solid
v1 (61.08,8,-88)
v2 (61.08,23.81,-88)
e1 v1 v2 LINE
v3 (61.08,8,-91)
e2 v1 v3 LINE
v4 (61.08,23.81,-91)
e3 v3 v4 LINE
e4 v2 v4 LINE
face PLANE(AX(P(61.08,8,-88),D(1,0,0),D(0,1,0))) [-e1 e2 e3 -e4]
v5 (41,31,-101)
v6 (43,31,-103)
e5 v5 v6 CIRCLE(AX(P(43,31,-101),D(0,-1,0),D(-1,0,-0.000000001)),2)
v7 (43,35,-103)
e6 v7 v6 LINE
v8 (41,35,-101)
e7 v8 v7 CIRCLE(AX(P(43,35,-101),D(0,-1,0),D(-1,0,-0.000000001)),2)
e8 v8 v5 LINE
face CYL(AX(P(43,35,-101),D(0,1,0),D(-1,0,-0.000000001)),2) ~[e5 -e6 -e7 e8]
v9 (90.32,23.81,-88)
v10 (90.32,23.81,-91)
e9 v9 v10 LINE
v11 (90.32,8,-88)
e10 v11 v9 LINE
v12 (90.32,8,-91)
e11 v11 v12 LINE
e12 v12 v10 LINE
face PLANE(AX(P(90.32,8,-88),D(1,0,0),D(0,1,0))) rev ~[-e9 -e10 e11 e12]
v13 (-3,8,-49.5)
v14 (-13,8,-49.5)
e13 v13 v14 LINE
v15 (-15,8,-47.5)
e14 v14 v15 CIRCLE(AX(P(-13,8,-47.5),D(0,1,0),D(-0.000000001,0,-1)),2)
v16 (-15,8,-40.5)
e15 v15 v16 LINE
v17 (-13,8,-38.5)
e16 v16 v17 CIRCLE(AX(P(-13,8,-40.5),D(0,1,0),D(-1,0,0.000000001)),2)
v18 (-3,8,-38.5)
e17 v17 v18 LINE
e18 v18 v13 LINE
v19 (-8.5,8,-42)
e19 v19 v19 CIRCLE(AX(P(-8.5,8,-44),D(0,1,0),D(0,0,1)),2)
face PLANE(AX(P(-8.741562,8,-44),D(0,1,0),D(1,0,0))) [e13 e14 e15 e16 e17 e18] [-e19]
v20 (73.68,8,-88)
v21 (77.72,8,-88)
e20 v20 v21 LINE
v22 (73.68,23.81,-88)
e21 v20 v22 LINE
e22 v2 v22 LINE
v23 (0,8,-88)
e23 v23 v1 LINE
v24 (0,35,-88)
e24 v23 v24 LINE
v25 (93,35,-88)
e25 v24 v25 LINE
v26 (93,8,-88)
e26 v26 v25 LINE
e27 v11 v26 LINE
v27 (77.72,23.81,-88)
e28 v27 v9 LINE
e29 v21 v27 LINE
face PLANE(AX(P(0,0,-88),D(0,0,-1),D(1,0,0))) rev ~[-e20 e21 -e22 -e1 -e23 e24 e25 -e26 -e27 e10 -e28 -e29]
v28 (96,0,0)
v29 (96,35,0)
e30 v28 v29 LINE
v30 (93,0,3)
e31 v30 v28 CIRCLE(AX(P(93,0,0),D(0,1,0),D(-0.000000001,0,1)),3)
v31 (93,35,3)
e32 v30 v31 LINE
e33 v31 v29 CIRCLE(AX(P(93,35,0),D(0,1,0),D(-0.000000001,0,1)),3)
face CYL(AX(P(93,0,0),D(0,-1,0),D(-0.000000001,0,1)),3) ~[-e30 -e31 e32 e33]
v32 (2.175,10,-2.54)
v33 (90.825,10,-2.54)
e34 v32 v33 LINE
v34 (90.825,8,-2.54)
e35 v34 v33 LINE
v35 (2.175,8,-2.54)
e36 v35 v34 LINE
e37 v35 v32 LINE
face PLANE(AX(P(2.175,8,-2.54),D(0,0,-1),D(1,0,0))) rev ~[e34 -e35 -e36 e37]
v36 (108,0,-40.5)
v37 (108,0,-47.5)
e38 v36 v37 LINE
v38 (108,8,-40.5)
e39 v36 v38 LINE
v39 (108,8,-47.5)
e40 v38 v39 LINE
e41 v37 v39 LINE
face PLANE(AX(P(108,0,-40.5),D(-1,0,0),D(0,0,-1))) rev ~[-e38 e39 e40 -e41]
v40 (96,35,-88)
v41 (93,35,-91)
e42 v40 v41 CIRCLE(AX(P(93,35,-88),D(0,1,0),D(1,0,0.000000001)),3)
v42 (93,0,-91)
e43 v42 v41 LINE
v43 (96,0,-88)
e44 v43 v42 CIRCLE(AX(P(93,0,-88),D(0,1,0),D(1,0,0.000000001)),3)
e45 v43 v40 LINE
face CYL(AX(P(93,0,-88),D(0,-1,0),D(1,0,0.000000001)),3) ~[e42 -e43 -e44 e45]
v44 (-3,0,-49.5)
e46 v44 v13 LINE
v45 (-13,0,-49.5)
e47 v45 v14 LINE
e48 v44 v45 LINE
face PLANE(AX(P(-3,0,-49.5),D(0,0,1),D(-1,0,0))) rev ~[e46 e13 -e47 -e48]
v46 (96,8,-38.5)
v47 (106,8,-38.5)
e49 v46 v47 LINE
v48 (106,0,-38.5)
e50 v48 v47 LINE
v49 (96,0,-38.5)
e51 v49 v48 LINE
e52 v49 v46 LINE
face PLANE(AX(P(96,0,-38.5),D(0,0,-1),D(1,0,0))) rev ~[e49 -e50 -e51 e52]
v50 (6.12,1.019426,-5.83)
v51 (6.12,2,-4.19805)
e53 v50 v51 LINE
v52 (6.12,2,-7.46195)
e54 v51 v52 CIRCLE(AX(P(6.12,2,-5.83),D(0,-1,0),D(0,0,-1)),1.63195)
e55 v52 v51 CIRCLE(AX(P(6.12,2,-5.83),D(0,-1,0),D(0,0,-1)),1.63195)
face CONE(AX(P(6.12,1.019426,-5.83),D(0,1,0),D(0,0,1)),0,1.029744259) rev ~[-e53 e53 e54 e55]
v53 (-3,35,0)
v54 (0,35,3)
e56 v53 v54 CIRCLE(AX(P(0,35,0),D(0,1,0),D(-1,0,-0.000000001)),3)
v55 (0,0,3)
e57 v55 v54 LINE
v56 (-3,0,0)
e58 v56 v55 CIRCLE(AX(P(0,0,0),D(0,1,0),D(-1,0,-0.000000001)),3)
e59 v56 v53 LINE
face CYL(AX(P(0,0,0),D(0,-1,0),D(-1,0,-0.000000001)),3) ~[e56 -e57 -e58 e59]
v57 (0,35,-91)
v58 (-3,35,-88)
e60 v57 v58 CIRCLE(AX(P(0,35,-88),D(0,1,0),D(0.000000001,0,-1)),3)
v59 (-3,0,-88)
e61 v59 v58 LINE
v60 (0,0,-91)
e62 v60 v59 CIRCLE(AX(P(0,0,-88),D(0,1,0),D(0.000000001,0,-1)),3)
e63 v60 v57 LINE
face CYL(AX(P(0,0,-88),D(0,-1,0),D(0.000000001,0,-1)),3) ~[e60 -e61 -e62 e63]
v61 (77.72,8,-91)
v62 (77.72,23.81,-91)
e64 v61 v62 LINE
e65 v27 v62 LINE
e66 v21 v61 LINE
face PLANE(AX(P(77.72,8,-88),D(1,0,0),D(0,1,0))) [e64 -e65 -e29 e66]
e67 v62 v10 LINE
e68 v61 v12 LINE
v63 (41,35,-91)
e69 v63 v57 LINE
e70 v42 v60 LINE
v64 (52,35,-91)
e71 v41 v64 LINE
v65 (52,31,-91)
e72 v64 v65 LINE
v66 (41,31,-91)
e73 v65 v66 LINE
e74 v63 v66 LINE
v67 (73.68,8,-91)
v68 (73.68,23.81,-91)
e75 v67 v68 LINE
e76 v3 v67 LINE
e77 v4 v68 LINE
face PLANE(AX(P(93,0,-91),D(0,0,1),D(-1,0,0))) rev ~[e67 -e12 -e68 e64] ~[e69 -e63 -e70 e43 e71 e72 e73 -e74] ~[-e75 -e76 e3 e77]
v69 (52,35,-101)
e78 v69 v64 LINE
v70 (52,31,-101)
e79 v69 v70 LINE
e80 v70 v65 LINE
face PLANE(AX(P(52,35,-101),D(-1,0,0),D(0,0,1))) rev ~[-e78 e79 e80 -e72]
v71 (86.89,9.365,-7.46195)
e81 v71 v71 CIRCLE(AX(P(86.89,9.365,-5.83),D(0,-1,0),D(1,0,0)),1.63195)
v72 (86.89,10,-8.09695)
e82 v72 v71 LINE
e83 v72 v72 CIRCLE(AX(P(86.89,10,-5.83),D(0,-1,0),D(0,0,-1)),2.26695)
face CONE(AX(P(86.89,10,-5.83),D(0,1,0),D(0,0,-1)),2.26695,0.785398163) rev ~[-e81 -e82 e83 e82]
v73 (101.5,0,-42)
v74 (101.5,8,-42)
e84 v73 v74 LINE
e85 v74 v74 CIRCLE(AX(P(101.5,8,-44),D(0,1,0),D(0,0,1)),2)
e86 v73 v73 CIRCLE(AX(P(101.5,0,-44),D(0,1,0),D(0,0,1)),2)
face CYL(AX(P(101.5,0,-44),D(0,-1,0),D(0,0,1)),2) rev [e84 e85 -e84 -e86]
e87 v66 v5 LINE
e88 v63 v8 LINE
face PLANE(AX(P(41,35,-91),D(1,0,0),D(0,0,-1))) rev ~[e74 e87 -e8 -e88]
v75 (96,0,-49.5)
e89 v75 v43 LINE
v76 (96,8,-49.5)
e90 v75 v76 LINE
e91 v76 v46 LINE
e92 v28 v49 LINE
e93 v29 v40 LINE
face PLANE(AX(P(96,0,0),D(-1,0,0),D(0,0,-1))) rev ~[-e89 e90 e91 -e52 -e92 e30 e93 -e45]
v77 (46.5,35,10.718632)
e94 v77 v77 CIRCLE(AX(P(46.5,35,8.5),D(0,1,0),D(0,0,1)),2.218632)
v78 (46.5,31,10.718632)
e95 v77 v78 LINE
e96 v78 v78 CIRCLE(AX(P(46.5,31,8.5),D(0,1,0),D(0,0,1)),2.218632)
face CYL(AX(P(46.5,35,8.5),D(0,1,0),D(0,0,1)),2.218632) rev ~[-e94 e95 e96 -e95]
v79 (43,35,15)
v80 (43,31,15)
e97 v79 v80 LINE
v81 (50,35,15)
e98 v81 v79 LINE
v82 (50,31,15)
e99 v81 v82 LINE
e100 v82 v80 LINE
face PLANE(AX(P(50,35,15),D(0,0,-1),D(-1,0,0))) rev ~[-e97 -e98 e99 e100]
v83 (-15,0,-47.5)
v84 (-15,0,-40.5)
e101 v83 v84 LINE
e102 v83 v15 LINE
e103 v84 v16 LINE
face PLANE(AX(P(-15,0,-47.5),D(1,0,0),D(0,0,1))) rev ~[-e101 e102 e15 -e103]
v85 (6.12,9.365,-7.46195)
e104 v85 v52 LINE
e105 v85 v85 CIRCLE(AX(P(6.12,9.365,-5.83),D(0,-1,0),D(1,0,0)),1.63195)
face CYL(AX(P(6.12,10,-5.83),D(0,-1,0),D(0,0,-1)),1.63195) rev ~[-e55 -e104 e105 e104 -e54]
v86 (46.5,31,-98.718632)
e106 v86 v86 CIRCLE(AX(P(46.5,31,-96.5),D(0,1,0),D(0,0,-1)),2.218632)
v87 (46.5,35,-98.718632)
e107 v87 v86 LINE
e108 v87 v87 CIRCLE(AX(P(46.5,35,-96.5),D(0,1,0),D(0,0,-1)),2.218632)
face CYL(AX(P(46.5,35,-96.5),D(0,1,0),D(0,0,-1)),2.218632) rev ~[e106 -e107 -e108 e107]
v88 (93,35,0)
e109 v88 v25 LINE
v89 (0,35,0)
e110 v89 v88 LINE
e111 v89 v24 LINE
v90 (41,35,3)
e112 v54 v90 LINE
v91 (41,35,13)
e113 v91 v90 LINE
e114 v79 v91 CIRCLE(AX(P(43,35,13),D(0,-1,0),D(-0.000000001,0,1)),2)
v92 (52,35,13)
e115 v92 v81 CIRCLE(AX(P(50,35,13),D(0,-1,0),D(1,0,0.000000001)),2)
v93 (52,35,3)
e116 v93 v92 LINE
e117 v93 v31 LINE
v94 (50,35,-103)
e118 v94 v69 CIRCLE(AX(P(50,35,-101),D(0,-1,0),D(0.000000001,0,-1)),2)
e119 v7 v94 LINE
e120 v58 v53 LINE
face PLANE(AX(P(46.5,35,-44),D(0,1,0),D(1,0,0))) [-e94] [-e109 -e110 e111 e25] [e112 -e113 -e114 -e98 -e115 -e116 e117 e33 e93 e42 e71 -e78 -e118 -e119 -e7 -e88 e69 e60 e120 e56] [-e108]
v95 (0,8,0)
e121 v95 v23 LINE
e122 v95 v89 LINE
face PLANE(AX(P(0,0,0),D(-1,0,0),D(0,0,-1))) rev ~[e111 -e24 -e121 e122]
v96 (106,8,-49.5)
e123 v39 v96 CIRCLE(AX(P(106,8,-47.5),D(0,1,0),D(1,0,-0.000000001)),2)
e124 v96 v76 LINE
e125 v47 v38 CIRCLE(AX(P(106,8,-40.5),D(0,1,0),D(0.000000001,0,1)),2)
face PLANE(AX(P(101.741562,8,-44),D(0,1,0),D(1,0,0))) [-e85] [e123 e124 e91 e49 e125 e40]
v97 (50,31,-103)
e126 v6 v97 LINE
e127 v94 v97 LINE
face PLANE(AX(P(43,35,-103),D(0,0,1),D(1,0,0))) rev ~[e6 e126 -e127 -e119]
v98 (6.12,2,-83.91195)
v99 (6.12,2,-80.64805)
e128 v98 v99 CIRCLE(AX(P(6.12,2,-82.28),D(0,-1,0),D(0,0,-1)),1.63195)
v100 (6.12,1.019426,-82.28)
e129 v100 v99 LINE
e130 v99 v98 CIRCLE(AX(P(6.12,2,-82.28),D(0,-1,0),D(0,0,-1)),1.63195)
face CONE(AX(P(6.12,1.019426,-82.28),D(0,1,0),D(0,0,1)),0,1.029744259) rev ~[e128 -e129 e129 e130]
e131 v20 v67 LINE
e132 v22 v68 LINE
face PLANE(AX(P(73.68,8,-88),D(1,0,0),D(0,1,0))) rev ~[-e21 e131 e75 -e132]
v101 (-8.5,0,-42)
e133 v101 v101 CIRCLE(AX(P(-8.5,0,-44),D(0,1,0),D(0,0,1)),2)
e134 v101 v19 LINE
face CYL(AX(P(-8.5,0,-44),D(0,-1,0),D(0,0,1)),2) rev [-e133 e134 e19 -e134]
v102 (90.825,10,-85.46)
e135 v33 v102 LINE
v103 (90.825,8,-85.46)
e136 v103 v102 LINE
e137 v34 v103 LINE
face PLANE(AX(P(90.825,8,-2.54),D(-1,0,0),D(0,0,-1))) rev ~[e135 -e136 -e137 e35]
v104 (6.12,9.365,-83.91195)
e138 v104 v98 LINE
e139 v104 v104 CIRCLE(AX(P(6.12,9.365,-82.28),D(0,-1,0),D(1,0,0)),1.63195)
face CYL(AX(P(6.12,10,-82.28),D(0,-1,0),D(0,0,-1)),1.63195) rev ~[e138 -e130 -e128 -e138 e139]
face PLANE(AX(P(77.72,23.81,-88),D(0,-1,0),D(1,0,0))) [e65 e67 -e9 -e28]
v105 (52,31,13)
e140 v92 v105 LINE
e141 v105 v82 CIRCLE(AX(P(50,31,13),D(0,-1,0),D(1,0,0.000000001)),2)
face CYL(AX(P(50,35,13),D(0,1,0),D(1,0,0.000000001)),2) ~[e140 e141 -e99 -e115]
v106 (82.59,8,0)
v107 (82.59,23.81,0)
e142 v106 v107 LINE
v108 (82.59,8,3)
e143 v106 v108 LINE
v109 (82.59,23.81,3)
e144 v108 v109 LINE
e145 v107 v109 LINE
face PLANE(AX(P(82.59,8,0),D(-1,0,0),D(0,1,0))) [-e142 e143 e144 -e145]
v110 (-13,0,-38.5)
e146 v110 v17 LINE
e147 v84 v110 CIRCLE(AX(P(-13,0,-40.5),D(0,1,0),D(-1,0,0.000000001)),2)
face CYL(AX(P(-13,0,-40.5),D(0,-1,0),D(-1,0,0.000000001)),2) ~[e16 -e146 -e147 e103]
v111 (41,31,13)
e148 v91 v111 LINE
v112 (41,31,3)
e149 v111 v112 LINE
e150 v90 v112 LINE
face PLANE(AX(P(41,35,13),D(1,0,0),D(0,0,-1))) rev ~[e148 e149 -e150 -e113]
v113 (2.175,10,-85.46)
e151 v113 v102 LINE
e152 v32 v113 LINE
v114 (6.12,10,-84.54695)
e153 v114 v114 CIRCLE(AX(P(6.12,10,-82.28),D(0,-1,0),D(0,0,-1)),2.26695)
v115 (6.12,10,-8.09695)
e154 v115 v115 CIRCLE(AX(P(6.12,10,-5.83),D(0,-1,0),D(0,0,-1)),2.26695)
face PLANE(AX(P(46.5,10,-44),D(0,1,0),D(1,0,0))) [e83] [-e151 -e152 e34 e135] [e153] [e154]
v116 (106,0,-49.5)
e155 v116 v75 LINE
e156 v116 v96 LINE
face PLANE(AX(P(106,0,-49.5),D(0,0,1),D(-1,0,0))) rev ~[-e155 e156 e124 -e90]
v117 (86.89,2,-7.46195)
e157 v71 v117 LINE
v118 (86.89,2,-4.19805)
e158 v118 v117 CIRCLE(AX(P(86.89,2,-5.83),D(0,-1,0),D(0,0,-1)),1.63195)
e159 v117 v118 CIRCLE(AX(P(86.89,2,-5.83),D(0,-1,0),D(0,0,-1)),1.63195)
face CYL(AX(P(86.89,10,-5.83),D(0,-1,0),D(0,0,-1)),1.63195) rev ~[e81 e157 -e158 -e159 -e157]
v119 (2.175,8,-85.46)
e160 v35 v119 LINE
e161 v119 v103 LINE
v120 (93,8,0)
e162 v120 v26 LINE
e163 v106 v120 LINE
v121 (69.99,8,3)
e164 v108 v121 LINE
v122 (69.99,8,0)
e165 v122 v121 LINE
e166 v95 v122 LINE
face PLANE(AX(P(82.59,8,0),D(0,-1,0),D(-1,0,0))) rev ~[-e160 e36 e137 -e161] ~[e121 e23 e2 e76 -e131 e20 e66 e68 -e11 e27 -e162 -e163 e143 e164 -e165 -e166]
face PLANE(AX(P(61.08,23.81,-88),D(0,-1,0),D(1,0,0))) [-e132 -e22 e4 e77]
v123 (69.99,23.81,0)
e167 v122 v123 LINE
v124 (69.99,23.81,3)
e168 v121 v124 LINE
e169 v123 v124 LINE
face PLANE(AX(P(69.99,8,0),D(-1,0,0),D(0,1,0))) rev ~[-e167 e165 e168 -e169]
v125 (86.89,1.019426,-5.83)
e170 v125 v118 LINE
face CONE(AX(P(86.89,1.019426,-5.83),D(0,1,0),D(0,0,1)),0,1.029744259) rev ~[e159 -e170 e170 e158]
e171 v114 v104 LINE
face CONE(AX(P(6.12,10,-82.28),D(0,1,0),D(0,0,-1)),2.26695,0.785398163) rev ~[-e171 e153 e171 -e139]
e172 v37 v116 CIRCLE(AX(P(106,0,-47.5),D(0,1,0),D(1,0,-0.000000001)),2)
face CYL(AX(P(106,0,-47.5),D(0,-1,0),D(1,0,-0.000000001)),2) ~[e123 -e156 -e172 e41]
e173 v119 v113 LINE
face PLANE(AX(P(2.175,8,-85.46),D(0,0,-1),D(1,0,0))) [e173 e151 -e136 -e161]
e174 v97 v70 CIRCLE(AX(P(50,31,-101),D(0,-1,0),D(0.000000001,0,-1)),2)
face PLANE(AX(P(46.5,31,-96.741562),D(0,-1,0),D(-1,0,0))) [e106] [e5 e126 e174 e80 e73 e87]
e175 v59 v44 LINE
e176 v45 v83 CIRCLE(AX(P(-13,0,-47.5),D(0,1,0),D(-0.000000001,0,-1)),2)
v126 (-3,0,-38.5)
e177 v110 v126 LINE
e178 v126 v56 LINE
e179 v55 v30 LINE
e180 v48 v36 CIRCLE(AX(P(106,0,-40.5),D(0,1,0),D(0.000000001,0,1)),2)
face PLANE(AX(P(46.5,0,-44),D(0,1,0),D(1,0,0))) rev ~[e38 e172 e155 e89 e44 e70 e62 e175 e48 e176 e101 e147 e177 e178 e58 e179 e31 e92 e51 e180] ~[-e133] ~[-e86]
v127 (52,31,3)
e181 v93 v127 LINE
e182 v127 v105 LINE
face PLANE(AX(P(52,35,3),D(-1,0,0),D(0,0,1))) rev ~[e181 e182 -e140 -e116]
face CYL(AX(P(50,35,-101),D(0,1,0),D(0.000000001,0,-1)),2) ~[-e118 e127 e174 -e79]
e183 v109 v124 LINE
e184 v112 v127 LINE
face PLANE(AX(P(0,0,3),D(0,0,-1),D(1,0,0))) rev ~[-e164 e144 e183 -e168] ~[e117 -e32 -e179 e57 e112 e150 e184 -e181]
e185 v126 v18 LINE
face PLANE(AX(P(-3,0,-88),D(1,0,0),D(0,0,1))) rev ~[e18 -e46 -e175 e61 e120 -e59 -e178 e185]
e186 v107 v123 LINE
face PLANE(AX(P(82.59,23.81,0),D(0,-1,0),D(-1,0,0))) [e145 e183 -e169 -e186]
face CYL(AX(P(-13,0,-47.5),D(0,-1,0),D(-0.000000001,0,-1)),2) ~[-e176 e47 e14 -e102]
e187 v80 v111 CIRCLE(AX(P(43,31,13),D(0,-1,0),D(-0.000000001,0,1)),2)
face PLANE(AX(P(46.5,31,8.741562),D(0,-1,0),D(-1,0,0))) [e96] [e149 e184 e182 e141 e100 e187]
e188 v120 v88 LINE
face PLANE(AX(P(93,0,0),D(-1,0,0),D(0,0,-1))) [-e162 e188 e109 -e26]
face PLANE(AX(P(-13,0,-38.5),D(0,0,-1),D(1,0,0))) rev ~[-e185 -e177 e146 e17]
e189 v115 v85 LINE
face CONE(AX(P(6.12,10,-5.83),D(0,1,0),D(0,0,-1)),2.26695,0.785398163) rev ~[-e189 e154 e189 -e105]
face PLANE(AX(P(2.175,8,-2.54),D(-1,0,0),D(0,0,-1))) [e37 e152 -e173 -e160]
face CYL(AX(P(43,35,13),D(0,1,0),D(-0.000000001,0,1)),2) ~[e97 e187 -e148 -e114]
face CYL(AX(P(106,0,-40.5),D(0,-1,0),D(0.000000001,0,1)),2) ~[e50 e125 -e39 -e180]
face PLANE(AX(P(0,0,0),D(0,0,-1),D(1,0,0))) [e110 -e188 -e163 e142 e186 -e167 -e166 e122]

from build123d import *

# Parameters (mm, degrees)
ESBO_O1_W                        = 93
ESBO_O1_H                        = 88
RESSALTO_EXTRUS_O2_DEPTH         = 35
ESBO_O1_5_W                      = 93
ESBO_O1_5_H                      = 88
RESSALTO_EXTRUS_O3_DEPTH         = 8
ESBO_O1_7_R                      = 2
RESSALTO_EXTRUS_O6_DEPTH         = 8
ESBO_O4_R                        = 2.218632056
RESSALTO_EXTRUS_O7_DEPTH         = 4
ESBO_O5_W                        = 88.65
ESBO_O5_H                        = 82.92
RESSALTO_EXTRUS_O8_DEPTH         = 2
ESBO_O7_W                        = 12.6
ESBO_O7_H                        = 15.81
CORTE_EXTRUS_O1_DEPTH            = 154.290573748
ESBO_O8_W                        = 12.6
ESBO_O8_H                        = 15.81
CORTE_EXTRUS_O2_DEPTH            = 154.290573748
FURO_COM_FOLGA_DE_41_D           = 3.2639
FURO_COM_FOLGA_DE_41_DEPTH       = 8
FURO_COM_FOLGA_DE_41_CSINK_D     = 4.5339
FURO_COM_FOLGA_DE_41_CSINK_ANGLE = 90
FURO_COM_FOLGA_DE_41_TIP         = 0.980574487


with BuildPart() as part:
    # Esboço1 → Ressalto-extrusão2 (new body)
    with BuildSketch(Plane(origin=(0, 0, 0), x_dir=(1, 0, 0), z_dir=(0, 1, 0))):
        with BuildLine():
            ThreePointArc((-3, 0), (-2.121320344, -2.121320344), (0, -3))
            Line((0, -3), (93, -3))
            ThreePointArc((93, -3), (95.121320344, -2.121320344), (96, 0))
            Line((96, 0), (96, 38.5))
            Line((96, 38.5), (96, 49.5))
            Line((96, 49.5), (96, 88))
            ThreePointArc((96, 88), (95.121320344, 90.121320344), (93, 91))
            Line((93, 91), (0, 91))
            ThreePointArc((0, 91), (-2.121320344, 90.121320344), (-3, 88))
            Line((-3, 88), (-3, 49.5))
            Line((-3, 49.5), (-3, 38.5))
            Line((-3, 38.5), (-3, 0))
        make_face()
        with Locations((46.5, 44)):
            Rectangle(ESBO_O1_W, ESBO_O1_H, mode=Mode.SUBTRACT)
    extrude(amount=RESSALTO_EXTRUS_O2_DEPTH)

    # Esboço1<5> → Ressalto-extrusão3 (add)
    with BuildSketch(Plane(origin=(0, 0, 0), x_dir=(1, 0, 0), z_dir=(0, 1, 0))):
        with Locations((46.5, 44)):
            Rectangle(ESBO_O1_5_W, ESBO_O1_5_H)
    extrude(amount=RESSALTO_EXTRUS_O3_DEPTH)

    # Esboço1<7> → Ressalto-extrusão6 (add)
    # profile 1 of 2: a face of its own
    with BuildSketch(Plane(origin=(0, 0, 0), x_dir=(1, 0, 0), z_dir=(0, 1, 0))):
        with BuildLine():
            Line((-13, 38.5), (-3, 38.5))
            Line((-3, 38.5), (-3, 49.5))
            Line((-3, 49.5), (-13, 49.5))
            ThreePointArc((-13, 49.5), (-14.414213562, 48.914213562), (-15, 47.5))
            Line((-15, 47.5), (-15, 40.5))
            ThreePointArc((-15, 40.5), (-14.414213562, 39.085786438), (-13, 38.5))
        make_face()
        with Locations((-8.5, 44)):
            Circle(ESBO_O1_7_R, mode=Mode.SUBTRACT)
    # profile 2 of 2: a face of its own
    with BuildSketch(Plane(origin=(0, 0, 0), x_dir=(1, 0, 0), z_dir=(0, 1, 0))):
        with BuildLine():
            Line((96, 49.5), (96, 38.5))
            Line((96, 38.5), (106, 38.5))
            ThreePointArc((106, 38.5), (107.414213562, 39.085786438), (108, 40.5))
            Line((108, 40.5), (108, 47.5))
            ThreePointArc((108, 47.5), (107.414213562, 48.914213562), (106, 49.5))
            Line((106, 49.5), (96, 49.5))
        make_face()
        with Locations((101.5, 44)):
            Circle(ESBO_O1_7_R, mode=Mode.SUBTRACT)
    extrude(amount=RESSALTO_EXTRUS_O6_DEPTH)

    # Esboço4 → Ressalto-extrusão7 (add)
    # profile 1 of 2: a face of its own
    with BuildSketch(Plane(origin=(0, 35, 0), x_dir=(1, 0, 0), z_dir=(0, 1, 0))):
        with BuildLine():
            Line((41, -3), (52, -3))
            Line((52, -3), (52, -13))
            ThreePointArc((52, -13), (51.414213562, -14.414213562), (50, -15))
            Line((50, -15), (43, -15))
            ThreePointArc((43, -15), (41.585786438, -14.414213562), (41, -13))
            Line((41, -13), (41, -3))
        make_face()
        with Locations((46.5, -8.5)):
            Circle(ESBO_O4_R, mode=Mode.SUBTRACT)
    # profile 2 of 2: a face of its own
    with BuildSketch(Plane(origin=(0, 35, 0), x_dir=(1, 0, 0), z_dir=(0, 1, 0))):
        with BuildLine():
            Line((43, 103), (50, 103))
            ThreePointArc((50, 103), (51.414213562, 102.414213562), (52, 101))
            Line((52, 101), (52, 91))
            Line((52, 91), (41, 91))
            Line((41, 91), (41, 101))
            ThreePointArc((41, 101), (41.585786438, 102.414213562), (43, 103))
        make_face()
        with Locations((46.5, 96.5)):
            Circle(ESBO_O4_R, mode=Mode.SUBTRACT)
    extrude(amount=-RESSALTO_EXTRUS_O7_DEPTH)

    # Esboço5 → Ressalto-extrusão8 (add)
    with BuildSketch(Plane(origin=(0, 8, 0), x_dir=(1, 0, 0), z_dir=(0, 1, 0))):
        with Locations((46.5, 44)):
            Rectangle(ESBO_O5_W, ESBO_O5_H)
    extrude(amount=RESSALTO_EXTRUS_O8_DEPTH)

    # Esboço7 → Corte-extrusão1 (cut, through all)
    with BuildSketch(Plane.XY.offset(-88)):
        with Locations((67.38, 15.905)):
            Rectangle(ESBO_O7_W, ESBO_O7_H)
        with Locations((84.02, 15.905)):
            Rectangle(ESBO_O7_W, ESBO_O7_H)
    extrude(amount=-CORTE_EXTRUS_O1_DEPTH, mode=Mode.SUBTRACT)

    # Esboço8 → Corte-extrusão2 (cut, through all)
    with BuildSketch(Plane(origin=(0, 0, 0), x_dir=(-1, 0, 0), z_dir=(0, 0, -1))):
        with Locations((-76.29, 15.905)):
            Rectangle(ESBO_O8_W, ESBO_O8_H)
    extrude(amount=-CORTE_EXTRUS_O2_DEPTH, mode=Mode.SUBTRACT)

    # Furo com folga de #41
    with Locations(Plane(origin=(6.12, 10, -82.28), x_dir=(0, 0, 1), z_dir=(0, 1, 0))):
        with Locations((0, 0), (76.45, 0), (76.45, 80.77)):
            CounterSinkHole(FURO_COM_FOLGA_DE_41_D / 2, FURO_COM_FOLGA_DE_41_CSINK_D / 2, depth=FURO_COM_FOLGA_DE_41_DEPTH, counter_sink_angle=FURO_COM_FOLGA_DE_41_CSINK_ANGLE)
            with Locations((0, 0, -(FURO_COM_FOLGA_DE_41_DEPTH + FURO_COM_FOLGA_DE_41_TIP / 2))):  # 118° drill point
                Cone(0, FURO_COM_FOLGA_DE_41_D / 2, FURO_COM_FOLGA_DE_41_TIP, mode=Mode.SUBTRACT)


solid = part.part
